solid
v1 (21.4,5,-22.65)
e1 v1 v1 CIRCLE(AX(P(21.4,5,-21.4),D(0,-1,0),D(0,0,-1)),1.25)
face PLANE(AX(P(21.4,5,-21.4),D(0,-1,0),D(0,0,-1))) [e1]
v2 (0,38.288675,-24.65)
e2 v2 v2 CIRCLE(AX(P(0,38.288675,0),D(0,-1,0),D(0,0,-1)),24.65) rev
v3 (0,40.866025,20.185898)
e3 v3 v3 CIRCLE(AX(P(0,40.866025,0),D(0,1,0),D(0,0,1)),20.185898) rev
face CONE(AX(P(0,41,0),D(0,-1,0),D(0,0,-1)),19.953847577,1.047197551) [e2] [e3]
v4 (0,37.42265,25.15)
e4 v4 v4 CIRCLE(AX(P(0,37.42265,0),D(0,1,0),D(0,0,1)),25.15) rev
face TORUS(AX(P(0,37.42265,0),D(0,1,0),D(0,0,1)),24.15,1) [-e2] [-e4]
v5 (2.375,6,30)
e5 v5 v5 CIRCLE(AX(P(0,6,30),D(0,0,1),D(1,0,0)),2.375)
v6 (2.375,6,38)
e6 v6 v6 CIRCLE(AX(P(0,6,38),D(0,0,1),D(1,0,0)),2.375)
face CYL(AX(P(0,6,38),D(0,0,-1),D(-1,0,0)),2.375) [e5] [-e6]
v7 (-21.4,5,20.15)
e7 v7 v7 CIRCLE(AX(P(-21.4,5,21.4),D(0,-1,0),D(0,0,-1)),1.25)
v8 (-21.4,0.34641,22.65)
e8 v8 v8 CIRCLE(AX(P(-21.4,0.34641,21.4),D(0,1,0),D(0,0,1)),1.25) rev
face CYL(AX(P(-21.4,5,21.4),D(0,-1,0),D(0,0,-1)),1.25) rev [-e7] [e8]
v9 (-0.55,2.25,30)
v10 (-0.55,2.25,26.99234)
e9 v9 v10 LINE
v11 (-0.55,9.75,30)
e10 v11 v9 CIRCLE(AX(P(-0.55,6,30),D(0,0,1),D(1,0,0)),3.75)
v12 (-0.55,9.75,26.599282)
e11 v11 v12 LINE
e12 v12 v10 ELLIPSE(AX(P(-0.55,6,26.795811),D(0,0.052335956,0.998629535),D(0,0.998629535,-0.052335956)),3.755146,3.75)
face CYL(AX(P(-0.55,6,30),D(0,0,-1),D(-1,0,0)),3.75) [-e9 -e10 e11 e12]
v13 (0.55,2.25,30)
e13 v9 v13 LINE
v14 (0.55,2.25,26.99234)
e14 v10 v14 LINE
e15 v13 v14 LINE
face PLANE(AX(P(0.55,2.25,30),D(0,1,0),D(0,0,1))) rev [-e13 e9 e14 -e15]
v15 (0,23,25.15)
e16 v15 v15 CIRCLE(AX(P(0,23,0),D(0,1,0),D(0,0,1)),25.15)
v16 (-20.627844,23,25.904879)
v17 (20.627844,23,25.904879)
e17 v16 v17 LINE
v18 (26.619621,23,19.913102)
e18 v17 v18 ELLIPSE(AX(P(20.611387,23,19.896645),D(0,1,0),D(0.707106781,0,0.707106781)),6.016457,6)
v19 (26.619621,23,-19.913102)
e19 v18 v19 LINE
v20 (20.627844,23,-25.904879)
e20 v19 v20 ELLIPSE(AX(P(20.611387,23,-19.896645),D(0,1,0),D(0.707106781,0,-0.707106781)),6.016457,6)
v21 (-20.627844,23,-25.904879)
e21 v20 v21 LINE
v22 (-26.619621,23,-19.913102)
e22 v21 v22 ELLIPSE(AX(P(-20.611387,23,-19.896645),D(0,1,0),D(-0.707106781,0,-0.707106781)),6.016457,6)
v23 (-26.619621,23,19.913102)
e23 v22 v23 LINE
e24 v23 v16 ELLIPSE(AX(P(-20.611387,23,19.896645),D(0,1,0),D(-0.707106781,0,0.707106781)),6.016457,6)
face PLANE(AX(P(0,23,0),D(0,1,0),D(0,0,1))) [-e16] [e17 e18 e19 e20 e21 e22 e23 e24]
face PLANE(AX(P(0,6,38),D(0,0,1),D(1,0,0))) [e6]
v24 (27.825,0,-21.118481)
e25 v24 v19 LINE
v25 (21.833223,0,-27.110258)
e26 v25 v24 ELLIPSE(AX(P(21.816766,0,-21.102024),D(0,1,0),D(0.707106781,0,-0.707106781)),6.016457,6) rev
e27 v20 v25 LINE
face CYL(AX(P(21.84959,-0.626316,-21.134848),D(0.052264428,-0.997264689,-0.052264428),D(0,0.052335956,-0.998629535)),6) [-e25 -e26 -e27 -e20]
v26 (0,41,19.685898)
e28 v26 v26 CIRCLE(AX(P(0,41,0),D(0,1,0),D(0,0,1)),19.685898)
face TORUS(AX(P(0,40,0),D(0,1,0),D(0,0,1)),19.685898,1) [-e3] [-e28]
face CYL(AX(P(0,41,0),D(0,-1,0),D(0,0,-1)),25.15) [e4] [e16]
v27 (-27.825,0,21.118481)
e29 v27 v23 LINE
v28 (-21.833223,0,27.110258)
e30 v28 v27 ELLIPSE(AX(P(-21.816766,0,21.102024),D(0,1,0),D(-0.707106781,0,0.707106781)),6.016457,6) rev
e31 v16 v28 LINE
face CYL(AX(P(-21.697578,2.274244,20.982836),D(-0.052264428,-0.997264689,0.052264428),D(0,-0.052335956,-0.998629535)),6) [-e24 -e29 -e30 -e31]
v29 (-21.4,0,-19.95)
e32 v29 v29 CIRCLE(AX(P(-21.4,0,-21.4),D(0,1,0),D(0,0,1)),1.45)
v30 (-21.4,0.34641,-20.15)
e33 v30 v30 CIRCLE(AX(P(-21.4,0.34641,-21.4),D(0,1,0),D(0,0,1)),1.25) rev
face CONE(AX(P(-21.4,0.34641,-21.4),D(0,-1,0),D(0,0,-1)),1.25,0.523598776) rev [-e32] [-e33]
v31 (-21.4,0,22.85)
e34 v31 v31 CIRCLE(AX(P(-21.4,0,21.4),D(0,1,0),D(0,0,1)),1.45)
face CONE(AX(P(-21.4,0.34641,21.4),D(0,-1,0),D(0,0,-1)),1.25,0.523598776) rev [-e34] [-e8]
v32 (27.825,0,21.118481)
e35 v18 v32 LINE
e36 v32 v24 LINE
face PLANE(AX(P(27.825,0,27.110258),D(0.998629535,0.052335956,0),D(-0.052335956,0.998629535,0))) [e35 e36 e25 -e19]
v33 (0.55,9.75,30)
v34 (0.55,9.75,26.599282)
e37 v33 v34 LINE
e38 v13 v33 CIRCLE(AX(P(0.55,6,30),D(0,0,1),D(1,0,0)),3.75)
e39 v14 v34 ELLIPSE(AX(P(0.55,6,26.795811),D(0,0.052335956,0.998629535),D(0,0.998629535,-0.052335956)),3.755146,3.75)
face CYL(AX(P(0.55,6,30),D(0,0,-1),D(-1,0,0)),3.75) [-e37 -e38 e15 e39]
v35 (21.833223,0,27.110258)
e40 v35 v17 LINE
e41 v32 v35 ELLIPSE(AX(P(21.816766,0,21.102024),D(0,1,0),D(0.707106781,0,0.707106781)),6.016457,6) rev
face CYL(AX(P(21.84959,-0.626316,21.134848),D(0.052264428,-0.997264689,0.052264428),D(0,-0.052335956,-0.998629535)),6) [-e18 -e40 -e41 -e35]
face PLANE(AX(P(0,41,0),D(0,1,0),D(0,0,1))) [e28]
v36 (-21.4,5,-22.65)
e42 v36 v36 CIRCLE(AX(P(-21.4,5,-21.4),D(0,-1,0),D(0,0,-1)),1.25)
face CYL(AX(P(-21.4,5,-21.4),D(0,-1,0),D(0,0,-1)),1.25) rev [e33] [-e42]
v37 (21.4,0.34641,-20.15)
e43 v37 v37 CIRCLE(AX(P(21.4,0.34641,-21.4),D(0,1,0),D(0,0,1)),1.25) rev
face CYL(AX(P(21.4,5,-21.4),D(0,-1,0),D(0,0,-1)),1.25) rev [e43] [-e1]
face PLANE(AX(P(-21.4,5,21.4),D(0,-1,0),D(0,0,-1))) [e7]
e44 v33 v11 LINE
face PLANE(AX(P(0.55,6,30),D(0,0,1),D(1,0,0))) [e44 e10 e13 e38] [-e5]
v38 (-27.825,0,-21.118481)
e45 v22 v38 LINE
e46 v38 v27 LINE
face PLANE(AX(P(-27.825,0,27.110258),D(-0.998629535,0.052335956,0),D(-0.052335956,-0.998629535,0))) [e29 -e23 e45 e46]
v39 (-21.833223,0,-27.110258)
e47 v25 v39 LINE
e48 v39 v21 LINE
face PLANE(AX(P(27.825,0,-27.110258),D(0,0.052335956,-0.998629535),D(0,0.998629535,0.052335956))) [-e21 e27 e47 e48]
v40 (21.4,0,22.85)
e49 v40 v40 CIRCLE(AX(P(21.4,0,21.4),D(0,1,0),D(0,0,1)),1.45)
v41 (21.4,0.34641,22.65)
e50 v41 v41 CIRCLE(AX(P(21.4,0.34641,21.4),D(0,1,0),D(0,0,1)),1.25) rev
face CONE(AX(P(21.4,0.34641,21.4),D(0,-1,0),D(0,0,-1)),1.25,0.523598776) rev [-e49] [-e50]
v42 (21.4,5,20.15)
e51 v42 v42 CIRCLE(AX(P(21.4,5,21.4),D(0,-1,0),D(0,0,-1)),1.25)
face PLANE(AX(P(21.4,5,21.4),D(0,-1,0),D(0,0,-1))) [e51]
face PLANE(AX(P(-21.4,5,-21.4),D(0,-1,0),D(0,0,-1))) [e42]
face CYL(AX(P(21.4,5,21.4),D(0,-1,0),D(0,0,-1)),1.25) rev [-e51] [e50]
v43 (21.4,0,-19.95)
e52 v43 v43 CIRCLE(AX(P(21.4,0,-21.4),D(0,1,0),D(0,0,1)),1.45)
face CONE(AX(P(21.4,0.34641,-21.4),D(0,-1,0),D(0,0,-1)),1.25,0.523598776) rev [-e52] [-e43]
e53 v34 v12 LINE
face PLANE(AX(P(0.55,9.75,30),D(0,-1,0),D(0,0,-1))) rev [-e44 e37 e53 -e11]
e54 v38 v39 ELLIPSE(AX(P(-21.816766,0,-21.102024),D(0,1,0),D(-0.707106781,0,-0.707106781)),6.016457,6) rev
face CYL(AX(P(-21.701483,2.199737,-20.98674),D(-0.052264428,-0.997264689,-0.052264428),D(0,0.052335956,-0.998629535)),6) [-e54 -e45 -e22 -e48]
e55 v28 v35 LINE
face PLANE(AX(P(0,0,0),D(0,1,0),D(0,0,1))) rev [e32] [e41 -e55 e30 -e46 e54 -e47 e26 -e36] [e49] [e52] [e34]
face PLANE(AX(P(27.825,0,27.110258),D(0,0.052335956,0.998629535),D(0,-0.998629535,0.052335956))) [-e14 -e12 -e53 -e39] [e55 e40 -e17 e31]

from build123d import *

# Parameters (mm, degrees)
SKETCH1_W           = 55.65
SKETCH1_H           = 54.22051571
BOSS_EXTRUDE1_DEPTH = 23
BOSS_EXTRUDE1_TAPER = 3
SKETCH2_R           = 25.15
BOSS_EXTRUDE2_DEPTH = 18
CHAMFER1_SIZE       = 3
CHAMFER1_SIZE2      = 5.196152423
BOSS_EXTRUDE3_DEPTH = 30
SKETCH4_R           = 2.375
BOSS_EXTRUDE4_DEPTH = 8
SKETCH5_R           = 1.25
CUT_EXTRUDE1_DEPTH  = 5
CHAMFER2_SIZE       = 0.2
CHAMFER2_SIZE2      = 0.346410162
FILLET1_R           = 6
FILLET2_R           = 1


with BuildPart() as part:
    # Sketch1 → Boss-Extrude1 (new body)
    with BuildSketch(Plane(origin=(0, 0, 0), x_dir=(1, 0, 0), z_dir=(0, 1, 0))):
        Rectangle(SKETCH1_W, SKETCH1_H)
    extrude(amount=BOSS_EXTRUDE1_DEPTH, taper=BOSS_EXTRUDE1_TAPER)

    # Sketch2 → Boss-Extrude2 (add)
    with BuildSketch(Plane(origin=(0, 23, 0), x_dir=(1, 0, 0), z_dir=(0, 1, 0))):
        with Locations(Location((0, 0, 0), (0, 0, 270))):
            Circle(SKETCH2_R)
    extrude(amount=BOSS_EXTRUDE2_DEPTH)

    # Chamfer1
    chamfer1_edges = [part.edges().sort_by_distance(p)[0] for p in [
        (0, 41, -25.15),
    ]]
    chamfer1_side = [part.faces().sort_by_distance(p)[0] for p in [
        (0, 32, -25.15),
    ]]
    chamfer(chamfer1_edges, length=CHAMFER1_SIZE, length2=CHAMFER1_SIZE2, reference=chamfer1_side[0])

    # Sketch3 → Boss-Extrude3 (add)
    with BuildSketch(Plane.XY):
        with BuildLine():
            Line((0.55, 2.25), (-0.55, 2.25))
            ThreePointArc((-0.55, 2.25), (-4.3, 6), (-0.55, 9.75))
            Line((-0.55, 9.75), (0.55, 9.75))
            ThreePointArc((0.55, 9.75), (4.3, 6), (0.55, 2.25))
        make_face()
    extrude(amount=BOSS_EXTRUDE3_DEPTH)

    # Sketch4 → Boss-Extrude4 (add)
    with BuildSketch(Plane.XY.offset(30)):
        with Locations((0, 6)):
            Circle(SKETCH4_R)
    extrude(amount=BOSS_EXTRUDE4_DEPTH)

    # Sketch5 → Cut-Extrude1 (cut)
    with BuildSketch(Plane.XZ):
        with Locations(Location((-21.4, 21.4, 0), (0, 0, 270))):
            Circle(SKETCH5_R)
        with Locations(Location((21.4, 21.4, 0), (0, 0, 270))):
            Circle(SKETCH5_R)
        with Locations(Location((21.4, -21.4, 0), (0, 0, 270))):
            Circle(SKETCH5_R)
        with Locations(Location((-21.4, -21.4, 0), (0, 0, 270))):
            Circle(SKETCH5_R)
    extrude(amount=-CUT_EXTRUDE1_DEPTH, mode=Mode.SUBTRACT)

    # Chamfer2
    chamfer2_edges = [part.edges().sort_by_distance(p)[0] for p in [
        (-21.4, 0, -20.15),
        (21.4, 0, -20.15),
        (21.4, 0, 22.65),
        (-21.4, 0, 22.65),
    ]]
    chamfer2_side = [part.faces().sort_by_distance(p)[0] for p in [
        (0, 0, 0),
    ]]
    chamfer(chamfer2_edges, length=CHAMFER2_SIZE, length2=CHAMFER2_SIZE2, reference=chamfer2_side[0])

    # Fillet1
    fillet1_edges = [part.edges().sort_by_distance(p)[0] for p in [
        (-27.222310538, 11.5, -26.507568393),
        (27.222310538, 11.5, -26.507568393),
        (27.222310538, 11.5, 26.507568393),
        (-27.222310538, 11.5, 26.507568393),
    ]]
    fillet(fillet1_edges, radius=FILLET1_R)

    # Fillet2
    fillet2_edges = [part.edges().sort_by_distance(p)[0] for p in [
        (0, 41, -19.953847577),
        (0, 38, -25.15),
    ]]
    fillet(fillet2_edges, radius=FILLET2_R)


solid = part.part
